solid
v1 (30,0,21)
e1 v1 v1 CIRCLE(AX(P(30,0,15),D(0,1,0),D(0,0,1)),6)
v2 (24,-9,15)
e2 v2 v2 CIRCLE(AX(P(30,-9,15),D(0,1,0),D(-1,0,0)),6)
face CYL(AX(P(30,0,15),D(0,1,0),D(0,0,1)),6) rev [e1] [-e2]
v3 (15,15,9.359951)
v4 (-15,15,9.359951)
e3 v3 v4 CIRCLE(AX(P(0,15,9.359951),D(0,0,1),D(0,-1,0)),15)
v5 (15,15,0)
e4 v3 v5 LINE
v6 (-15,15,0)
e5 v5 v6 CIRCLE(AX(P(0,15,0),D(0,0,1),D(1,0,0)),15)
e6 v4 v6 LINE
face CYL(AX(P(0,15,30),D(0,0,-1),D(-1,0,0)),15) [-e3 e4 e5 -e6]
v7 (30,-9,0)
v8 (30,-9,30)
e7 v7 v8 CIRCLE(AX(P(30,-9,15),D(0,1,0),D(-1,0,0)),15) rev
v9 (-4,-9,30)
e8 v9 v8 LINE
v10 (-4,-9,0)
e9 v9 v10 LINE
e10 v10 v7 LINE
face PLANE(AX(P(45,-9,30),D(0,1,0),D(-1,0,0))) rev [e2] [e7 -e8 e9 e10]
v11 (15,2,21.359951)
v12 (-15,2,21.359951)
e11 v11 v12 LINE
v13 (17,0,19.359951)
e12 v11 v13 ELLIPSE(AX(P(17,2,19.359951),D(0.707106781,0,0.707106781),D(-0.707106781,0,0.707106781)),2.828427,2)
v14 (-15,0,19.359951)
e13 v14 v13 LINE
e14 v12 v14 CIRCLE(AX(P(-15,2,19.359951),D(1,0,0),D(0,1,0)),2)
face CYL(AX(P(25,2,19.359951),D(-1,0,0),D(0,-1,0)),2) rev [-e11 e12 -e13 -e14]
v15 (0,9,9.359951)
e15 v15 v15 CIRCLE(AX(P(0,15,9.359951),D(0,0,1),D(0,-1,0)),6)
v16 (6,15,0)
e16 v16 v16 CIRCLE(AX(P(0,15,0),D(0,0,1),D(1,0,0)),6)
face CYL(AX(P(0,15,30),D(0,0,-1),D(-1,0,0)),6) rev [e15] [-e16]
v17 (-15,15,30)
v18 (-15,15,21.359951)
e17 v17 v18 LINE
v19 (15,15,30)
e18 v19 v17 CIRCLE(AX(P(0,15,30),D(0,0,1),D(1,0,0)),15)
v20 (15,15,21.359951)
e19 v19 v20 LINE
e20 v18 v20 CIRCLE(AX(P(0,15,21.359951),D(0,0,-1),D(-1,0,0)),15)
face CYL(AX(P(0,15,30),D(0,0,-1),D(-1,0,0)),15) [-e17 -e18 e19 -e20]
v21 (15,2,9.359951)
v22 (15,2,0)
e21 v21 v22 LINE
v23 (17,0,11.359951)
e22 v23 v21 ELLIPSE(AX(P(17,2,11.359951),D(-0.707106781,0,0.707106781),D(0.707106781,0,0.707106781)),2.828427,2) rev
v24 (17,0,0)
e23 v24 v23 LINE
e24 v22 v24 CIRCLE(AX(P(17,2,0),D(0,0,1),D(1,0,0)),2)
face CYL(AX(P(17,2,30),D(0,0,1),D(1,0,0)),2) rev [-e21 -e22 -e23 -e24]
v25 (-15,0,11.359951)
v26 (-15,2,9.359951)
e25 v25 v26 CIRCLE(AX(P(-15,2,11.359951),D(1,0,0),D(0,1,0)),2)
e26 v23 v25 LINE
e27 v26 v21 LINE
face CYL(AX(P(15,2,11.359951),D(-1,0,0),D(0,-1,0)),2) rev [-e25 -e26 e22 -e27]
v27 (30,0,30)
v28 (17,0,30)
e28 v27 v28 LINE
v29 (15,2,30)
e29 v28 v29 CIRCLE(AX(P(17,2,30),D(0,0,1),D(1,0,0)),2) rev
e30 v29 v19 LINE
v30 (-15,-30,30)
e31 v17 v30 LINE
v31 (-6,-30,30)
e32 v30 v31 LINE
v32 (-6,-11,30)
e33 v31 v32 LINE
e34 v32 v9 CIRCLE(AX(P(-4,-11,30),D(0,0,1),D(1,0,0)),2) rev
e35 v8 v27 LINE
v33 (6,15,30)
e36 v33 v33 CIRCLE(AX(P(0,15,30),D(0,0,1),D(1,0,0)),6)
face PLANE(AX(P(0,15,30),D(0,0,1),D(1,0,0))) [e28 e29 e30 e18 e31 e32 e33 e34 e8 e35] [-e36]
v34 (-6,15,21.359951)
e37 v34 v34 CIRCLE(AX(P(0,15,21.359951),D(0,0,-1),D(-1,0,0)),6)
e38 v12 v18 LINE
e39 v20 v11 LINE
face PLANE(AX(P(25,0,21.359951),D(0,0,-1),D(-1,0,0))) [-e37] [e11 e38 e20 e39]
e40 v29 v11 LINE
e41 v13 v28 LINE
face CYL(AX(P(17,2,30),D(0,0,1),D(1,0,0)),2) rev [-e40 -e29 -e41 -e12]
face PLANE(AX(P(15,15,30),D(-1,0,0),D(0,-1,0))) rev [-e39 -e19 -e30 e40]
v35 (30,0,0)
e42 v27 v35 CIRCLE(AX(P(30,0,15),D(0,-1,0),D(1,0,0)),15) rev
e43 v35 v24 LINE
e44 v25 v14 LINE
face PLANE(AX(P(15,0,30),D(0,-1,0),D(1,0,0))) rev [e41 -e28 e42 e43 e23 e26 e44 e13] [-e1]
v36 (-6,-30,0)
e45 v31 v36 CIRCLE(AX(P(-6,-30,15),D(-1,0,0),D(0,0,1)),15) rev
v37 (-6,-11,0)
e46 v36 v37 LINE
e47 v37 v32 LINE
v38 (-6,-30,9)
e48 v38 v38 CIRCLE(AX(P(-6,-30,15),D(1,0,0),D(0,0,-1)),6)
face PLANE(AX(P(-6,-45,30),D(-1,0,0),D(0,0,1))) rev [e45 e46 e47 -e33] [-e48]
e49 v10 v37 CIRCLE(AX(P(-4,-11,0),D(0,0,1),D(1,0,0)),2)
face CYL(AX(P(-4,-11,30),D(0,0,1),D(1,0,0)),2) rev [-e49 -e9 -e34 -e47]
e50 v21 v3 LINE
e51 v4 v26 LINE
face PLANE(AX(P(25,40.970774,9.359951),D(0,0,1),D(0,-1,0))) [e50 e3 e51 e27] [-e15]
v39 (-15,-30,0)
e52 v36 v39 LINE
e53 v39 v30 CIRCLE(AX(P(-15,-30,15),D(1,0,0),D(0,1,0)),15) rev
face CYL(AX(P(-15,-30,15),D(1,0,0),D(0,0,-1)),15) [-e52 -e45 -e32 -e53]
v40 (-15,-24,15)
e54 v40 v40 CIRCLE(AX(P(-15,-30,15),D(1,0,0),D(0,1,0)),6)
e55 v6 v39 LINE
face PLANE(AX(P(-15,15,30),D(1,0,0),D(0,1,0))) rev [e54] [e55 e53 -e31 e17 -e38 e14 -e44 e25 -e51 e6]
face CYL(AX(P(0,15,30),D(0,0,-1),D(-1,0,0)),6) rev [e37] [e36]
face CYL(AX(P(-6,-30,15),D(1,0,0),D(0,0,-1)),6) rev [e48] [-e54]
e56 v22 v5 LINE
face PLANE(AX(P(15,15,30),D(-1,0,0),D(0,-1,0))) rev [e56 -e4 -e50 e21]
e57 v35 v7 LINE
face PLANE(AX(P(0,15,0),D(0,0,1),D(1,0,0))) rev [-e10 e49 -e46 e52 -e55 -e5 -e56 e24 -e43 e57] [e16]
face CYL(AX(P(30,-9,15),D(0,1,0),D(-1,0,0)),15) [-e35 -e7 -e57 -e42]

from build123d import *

# Parameters (mm, degrees)
SKETCH1_R                            = 6
BOSS_EXTRUDE1_DEPTH                  = 30
FILLET2_RADIUS                       = 15
FILLET2_LENGTH                       = 9
FILLET3_RADIUS                       = 15
FILLET3_LENGTH                       = 9
CUT_EXTRUDE1_DEPTH                   = 10
CUT_EXTRUDE1_DEPTH_BACK              = 59
SKETCH2_W                            = 12
SKETCH2_H                            = 40.970774173
F_12_0MM_DOWEL_HOLE1_D               = 12
F_12_0MM_DOWEL_HOLE1_DEPTH           = 10
F_12_0MM_DOWEL_HOLE1_TIP             = 3.605163714
F_12_0MM_DOWEL_HOLE1_ON_FACE_2_D     = 12
F_12_0MM_DOWEL_HOLE1_ON_FACE_2_DEPTH = 10
F_12_0MM_DOWEL_HOLE1_ON_FACE_2_TIP   = 3.605163714
FILLET4_R                            = 2


with BuildPart() as part:
    # Sketch1 → Boss-Extrude1 (new body)
    with BuildSketch(Plane.XY):
        with BuildLine():
            Line((15, 15), (15, 0))
            Line((15, 0), (45, 0))
            Line((45, 0), (45, -9))
            Line((45, -9), (7.15528467, -9))
            Line((7.15528467, -9), (-6, -9))
            Line((-6, -9), (-6, -45))
            Line((-6, -45), (-15, -45))
            Line((-15, -45), (-15, 15))
            ThreePointArc((-15, 15), (0, 30), (15, 15))
        make_face()
        with Locations((0, 15)):
            Circle(SKETCH1_R, mode=Mode.SUBTRACT)
    extrude(amount=BOSS_EXTRUDE1_DEPTH)

    # Fillet2: full round fillet: the end face becomes a half cylinder, R = half its width
    fillet2_face = Plane((45, -4.5, 15), x_dir=(0, 1, 0), z_dir=(1, 0, 0))  # on the end face: x along it, z out of the body
    fillet2_slab = fillet2_face.offset(-FILLET2_RADIUS / 2) * Box(FILLET2_LENGTH, 2 * FILLET2_RADIUS, FILLET2_RADIUS, mode=Mode.PRIVATE)  # the body's end, R deep
    fillet2_round = Plane((30, -4.5, 15), x_dir=(1, 0, 0), z_dir=(0, 1, 0)) * Cylinder(FILLET2_RADIUS, FILLET2_LENGTH, mode=Mode.PRIVATE)  # its axis R under the face
    add(fillet2_slab - fillet2_round, mode=Mode.SUBTRACT)

    # Fillet3: full round fillet: the end face becomes a half cylinder, R = half its width
    fillet3_face = Plane((-10.5, -45, 15), x_dir=(1, 0, 0), z_dir=(0, -1, 0))  # on the end face: x along it, z out of the body
    fillet3_slab = fillet3_face.offset(-FILLET3_RADIUS / 2) * Box(FILLET3_LENGTH, 2 * FILLET3_RADIUS, FILLET3_RADIUS, mode=Mode.PRIVATE)  # the body's end, R deep
    fillet3_round = Plane((-10.5, -30, 15), x_dir=(0, -1, 0), z_dir=(1, 0, 0)) * Cylinder(FILLET3_RADIUS, FILLET3_LENGTH, mode=Mode.PRIVATE)  # its axis R under the face
    add(fillet3_slab - fillet3_round, mode=Mode.SUBTRACT)

    # Sketch2 → Cut-Extrude1 (cut, two sides: drawn at the far end of the back side and taken through both)
    with BuildSketch(Plane(origin=(15, 0, 0), x_dir=(0, 0, -1), z_dir=(1, 0, 0)).offset(-CUT_EXTRUDE1_DEPTH_BACK)):
        with Locations((-15.359950539, 20.485387087)):
            Rectangle(SKETCH2_W, SKETCH2_H)
    extrude(amount=CUT_EXTRUDE1_DEPTH + CUT_EXTRUDE1_DEPTH_BACK, mode=Mode.SUBTRACT)

    # Ø12.0mm Dowel Hole1
    with Locations(Plane(origin=(30, 0, 15), x_dir=(1, 0, 0), z_dir=(0, 1, 0))):
        with Locations((0, 0)):
            Hole(F_12_0MM_DOWEL_HOLE1_D / 2, depth=F_12_0MM_DOWEL_HOLE1_DEPTH)
            with Locations((0, 0, -(F_12_0MM_DOWEL_HOLE1_DEPTH + F_12_0MM_DOWEL_HOLE1_TIP / 2))):  # 118° drill point
                Cone(0, F_12_0MM_DOWEL_HOLE1_D / 2, F_12_0MM_DOWEL_HOLE1_TIP, mode=Mode.SUBTRACT)

    # Ø12.0mm Dowel Hole1 on face 2
    with Locations(Plane(origin=(-6, -30, 15), x_dir=(0, 0, 1), z_dir=(1, 0, 0))):
        with Locations((0, 0)):
            Hole(F_12_0MM_DOWEL_HOLE1_ON_FACE_2_D / 2, depth=F_12_0MM_DOWEL_HOLE1_ON_FACE_2_DEPTH)
            with Locations((0, 0, -(F_12_0MM_DOWEL_HOLE1_ON_FACE_2_DEPTH + F_12_0MM_DOWEL_HOLE1_ON_FACE_2_TIP / 2))):  # 118° drill point
                Cone(0, F_12_0MM_DOWEL_HOLE1_ON_FACE_2_D / 2, F_12_0MM_DOWEL_HOLE1_ON_FACE_2_TIP, mode=Mode.SUBTRACT)

    # Fillet4
    fillet4_edges = [part.edges().sort_by_distance(p)[0] for p in [
        (15, 0, 25.67997527),
        (-6, -9, 15),
        (15, 0, 4.67997527),
        (0, 0, 21.359950539),
        (0, 0, 9.359950539),
    ]]
    fillet(fillet4_edges, radius=FILLET4_R)


solid = part.part
